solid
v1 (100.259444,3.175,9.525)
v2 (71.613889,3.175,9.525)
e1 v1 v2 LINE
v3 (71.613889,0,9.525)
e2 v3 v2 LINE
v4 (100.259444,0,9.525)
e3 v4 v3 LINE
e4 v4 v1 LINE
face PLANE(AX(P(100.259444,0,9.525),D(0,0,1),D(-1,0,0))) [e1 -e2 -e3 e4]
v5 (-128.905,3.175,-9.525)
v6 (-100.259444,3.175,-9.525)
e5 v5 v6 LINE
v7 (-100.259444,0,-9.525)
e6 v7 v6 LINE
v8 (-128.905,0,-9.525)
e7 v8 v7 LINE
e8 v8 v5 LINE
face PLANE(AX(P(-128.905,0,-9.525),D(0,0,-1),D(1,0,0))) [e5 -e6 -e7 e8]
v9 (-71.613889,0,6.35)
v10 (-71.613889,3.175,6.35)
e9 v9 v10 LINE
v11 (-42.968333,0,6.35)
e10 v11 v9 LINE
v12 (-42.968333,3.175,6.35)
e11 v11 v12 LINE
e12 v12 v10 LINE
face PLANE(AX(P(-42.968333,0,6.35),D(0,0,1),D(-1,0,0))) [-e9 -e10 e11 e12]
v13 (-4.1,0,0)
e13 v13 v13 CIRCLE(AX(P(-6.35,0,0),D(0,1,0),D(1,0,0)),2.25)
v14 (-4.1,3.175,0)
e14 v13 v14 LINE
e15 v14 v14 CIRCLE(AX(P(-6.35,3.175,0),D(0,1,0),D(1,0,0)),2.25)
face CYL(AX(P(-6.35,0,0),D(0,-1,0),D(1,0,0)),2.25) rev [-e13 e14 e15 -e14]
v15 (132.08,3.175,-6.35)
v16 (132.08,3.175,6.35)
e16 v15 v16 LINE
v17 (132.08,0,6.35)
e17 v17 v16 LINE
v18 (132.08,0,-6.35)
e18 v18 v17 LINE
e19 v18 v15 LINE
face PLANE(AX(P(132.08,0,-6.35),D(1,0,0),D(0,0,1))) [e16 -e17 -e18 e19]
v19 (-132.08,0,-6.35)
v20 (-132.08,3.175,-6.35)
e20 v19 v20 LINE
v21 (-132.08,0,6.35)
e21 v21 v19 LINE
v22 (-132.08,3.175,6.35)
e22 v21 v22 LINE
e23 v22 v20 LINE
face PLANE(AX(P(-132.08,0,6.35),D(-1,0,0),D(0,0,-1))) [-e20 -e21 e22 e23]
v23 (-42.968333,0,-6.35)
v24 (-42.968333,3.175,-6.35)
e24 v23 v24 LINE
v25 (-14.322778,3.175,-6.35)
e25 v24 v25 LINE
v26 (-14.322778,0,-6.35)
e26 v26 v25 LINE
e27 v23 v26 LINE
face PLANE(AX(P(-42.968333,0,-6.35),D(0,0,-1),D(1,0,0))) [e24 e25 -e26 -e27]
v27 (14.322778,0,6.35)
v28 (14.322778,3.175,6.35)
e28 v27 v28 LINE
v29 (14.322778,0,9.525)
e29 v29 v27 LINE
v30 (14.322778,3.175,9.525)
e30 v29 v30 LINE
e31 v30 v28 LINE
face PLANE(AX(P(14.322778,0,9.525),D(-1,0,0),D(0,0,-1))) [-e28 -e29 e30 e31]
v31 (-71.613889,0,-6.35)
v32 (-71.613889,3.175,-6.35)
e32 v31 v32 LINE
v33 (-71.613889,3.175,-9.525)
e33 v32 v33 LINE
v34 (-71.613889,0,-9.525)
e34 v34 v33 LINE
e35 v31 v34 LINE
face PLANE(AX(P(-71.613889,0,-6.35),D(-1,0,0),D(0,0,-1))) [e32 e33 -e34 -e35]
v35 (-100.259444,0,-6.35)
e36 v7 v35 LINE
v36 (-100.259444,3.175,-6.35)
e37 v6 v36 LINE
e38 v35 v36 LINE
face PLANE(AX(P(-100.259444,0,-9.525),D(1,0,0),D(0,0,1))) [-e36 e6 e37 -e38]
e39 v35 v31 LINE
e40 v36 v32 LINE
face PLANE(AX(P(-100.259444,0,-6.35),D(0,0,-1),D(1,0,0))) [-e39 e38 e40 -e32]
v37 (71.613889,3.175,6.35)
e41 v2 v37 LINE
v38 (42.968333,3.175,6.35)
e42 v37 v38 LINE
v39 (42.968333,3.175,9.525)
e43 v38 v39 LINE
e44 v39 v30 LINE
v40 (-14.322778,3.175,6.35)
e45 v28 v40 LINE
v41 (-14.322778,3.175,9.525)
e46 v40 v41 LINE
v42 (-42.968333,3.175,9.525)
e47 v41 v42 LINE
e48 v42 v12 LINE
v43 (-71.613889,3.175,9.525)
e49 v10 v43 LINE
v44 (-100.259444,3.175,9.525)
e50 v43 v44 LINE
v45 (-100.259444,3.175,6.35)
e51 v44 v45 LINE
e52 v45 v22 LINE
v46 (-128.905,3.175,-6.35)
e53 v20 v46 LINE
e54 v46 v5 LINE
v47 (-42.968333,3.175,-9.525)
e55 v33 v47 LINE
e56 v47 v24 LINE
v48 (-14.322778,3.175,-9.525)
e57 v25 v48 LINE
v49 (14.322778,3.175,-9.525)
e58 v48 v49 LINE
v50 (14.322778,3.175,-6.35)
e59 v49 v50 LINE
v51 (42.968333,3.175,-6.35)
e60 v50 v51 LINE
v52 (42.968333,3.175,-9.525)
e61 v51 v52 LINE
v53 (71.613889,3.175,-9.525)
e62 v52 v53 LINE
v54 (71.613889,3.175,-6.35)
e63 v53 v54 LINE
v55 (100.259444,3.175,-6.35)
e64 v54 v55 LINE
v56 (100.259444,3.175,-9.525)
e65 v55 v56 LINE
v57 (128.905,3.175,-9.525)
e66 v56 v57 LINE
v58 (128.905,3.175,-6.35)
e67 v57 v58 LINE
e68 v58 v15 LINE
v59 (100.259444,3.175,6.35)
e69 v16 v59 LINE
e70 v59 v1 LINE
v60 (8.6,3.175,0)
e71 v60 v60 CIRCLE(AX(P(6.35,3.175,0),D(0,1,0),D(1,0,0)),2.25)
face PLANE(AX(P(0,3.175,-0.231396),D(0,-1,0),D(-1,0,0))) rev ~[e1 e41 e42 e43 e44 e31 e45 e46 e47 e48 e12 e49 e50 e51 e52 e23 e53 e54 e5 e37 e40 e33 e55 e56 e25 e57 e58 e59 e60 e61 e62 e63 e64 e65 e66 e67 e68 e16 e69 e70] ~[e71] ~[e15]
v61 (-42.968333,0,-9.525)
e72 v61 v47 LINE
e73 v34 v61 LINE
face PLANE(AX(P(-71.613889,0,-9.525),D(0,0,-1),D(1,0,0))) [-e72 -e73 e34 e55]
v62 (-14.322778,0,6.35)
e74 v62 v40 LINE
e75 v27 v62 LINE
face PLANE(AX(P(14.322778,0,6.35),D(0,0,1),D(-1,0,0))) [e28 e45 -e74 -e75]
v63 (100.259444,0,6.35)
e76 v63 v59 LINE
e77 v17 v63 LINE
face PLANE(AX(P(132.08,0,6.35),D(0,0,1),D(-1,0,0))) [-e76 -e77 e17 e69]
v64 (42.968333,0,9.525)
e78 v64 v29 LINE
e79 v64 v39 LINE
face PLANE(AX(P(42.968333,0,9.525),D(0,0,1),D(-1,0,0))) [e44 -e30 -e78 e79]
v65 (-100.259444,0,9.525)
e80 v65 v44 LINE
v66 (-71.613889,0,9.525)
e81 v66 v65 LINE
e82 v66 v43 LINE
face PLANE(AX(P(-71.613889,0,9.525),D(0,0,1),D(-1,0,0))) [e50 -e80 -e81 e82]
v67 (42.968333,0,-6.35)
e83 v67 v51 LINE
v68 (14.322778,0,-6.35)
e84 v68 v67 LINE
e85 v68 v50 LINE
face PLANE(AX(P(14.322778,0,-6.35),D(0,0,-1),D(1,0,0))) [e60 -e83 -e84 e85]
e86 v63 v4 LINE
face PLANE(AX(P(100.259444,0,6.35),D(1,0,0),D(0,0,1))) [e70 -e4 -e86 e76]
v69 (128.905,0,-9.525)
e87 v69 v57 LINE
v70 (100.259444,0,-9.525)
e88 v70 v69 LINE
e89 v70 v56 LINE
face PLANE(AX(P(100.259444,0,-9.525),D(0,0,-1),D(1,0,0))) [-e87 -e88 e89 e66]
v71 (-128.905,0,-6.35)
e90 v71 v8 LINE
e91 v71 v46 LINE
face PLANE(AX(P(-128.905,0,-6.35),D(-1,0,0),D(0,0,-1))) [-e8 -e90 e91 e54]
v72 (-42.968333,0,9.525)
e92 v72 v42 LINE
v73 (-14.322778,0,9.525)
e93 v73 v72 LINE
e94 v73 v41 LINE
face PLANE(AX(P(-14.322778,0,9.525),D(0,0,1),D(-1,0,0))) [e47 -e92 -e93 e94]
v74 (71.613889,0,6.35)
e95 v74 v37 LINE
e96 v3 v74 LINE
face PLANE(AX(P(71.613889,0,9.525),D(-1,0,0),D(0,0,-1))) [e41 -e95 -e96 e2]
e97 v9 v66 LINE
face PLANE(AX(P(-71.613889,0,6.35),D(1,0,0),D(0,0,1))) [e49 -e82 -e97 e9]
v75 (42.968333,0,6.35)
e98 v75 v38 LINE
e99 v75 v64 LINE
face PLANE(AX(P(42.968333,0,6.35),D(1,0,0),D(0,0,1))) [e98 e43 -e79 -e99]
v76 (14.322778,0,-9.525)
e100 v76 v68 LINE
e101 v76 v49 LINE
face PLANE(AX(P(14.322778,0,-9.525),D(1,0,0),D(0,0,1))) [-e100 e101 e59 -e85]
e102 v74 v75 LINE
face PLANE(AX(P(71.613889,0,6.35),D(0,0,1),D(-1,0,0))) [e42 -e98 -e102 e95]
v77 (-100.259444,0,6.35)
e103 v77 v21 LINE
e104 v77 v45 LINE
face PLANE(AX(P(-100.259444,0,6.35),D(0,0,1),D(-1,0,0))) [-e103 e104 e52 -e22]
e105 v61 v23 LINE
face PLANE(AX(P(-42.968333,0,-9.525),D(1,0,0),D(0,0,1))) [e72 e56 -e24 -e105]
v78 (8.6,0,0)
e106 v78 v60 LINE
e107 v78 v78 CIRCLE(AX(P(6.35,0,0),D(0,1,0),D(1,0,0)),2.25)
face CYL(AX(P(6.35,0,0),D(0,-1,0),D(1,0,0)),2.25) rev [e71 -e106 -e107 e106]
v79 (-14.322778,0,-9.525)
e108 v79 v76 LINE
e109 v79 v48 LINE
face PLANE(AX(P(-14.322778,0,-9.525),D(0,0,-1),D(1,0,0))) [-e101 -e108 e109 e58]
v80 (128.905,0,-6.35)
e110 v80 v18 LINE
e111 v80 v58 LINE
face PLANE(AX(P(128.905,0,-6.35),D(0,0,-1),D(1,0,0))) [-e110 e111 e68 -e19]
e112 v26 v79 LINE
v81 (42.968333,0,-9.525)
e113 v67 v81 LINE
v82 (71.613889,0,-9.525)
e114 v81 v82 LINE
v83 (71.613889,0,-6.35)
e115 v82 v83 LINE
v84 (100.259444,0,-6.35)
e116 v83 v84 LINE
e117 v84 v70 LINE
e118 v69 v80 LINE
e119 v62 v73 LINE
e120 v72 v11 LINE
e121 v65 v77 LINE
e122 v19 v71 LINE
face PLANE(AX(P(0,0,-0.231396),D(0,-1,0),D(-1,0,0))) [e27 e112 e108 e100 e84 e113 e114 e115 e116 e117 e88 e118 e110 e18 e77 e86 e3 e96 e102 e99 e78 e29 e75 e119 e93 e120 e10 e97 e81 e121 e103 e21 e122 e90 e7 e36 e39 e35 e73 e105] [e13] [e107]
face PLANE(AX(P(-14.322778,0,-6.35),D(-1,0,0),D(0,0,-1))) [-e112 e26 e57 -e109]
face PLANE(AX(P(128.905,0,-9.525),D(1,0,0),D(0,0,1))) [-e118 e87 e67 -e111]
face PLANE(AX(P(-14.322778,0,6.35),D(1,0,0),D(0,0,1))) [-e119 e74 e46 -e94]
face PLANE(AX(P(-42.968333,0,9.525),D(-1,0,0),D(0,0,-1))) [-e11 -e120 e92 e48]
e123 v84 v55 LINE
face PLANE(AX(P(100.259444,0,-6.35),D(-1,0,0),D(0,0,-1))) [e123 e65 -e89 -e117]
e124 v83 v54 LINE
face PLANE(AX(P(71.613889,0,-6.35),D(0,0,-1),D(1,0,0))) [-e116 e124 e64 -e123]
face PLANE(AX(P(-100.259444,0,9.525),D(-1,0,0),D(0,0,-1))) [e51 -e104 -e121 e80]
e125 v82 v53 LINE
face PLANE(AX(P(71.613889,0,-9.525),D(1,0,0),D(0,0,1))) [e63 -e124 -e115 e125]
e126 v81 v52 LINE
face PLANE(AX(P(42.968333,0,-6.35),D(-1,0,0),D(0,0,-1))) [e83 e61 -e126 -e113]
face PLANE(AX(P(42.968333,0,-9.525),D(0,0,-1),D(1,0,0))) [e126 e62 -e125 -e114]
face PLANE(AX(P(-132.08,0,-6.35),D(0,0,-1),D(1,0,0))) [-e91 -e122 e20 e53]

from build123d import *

# Parameters (mm, degrees)
SKETCH1_R           = 2.25
BOSS_EXTRUDE2_DEPTH = 3.175


with BuildPart() as part:
    # Sketch1 → Boss-Extrude2 (new body)
    with BuildSketch(Plane(origin=(0, 0, 0), x_dir=(1, 0, 0), z_dir=(0, 1, 0))):
        Polygon((-128.905, 9.525), (-100.259444444, 9.525), (-100.259444444, 6.35), (-71.613888889, 6.35), (-71.613888889, 9.525), (-42.968333333, 9.525), (-42.968333333, 6.35), (-14.322777778, 6.35), (-14.322777778, 9.525), (14.322777778, 9.525), (14.322777778, 6.35), (42.968333333, 6.35), (42.968333333, 9.525), (71.613888889, 9.525), (71.613888889, 6.35), (100.259444444, 6.35), (100.259444444, 9.525), (128.905, 9.525), (128.905, 6.35), (132.08, 6.35), (132.08, -6.35), (100.259444444, -6.35), (100.259444444, -9.525), (71.613888889, -9.525), (71.613888889, -6.35), (42.968333333, -6.35), (42.968333333, -9.525), (14.322777778, -9.525), (14.322777778, -6.35), (-14.322777778, -6.35), (-14.322777778, -9.525), (-42.968333333, -9.525), (-42.968333333, -6.35), (-71.613888889, -6.35), (-71.613888889, -9.525), (-100.259444444, -9.525), (-100.259444444, -6.35), (-132.08, -6.35), (-132.08, 6.35), (-128.905, 6.35), align=None)
        with Locations((6.35, 0)):
            Circle(SKETCH1_R, mode=Mode.SUBTRACT)
        with Locations((-6.35, 0)):
            Circle(SKETCH1_R, mode=Mode.SUBTRACT)
    extrude(amount=BOSS_EXTRUDE2_DEPTH)


solid = part.part
